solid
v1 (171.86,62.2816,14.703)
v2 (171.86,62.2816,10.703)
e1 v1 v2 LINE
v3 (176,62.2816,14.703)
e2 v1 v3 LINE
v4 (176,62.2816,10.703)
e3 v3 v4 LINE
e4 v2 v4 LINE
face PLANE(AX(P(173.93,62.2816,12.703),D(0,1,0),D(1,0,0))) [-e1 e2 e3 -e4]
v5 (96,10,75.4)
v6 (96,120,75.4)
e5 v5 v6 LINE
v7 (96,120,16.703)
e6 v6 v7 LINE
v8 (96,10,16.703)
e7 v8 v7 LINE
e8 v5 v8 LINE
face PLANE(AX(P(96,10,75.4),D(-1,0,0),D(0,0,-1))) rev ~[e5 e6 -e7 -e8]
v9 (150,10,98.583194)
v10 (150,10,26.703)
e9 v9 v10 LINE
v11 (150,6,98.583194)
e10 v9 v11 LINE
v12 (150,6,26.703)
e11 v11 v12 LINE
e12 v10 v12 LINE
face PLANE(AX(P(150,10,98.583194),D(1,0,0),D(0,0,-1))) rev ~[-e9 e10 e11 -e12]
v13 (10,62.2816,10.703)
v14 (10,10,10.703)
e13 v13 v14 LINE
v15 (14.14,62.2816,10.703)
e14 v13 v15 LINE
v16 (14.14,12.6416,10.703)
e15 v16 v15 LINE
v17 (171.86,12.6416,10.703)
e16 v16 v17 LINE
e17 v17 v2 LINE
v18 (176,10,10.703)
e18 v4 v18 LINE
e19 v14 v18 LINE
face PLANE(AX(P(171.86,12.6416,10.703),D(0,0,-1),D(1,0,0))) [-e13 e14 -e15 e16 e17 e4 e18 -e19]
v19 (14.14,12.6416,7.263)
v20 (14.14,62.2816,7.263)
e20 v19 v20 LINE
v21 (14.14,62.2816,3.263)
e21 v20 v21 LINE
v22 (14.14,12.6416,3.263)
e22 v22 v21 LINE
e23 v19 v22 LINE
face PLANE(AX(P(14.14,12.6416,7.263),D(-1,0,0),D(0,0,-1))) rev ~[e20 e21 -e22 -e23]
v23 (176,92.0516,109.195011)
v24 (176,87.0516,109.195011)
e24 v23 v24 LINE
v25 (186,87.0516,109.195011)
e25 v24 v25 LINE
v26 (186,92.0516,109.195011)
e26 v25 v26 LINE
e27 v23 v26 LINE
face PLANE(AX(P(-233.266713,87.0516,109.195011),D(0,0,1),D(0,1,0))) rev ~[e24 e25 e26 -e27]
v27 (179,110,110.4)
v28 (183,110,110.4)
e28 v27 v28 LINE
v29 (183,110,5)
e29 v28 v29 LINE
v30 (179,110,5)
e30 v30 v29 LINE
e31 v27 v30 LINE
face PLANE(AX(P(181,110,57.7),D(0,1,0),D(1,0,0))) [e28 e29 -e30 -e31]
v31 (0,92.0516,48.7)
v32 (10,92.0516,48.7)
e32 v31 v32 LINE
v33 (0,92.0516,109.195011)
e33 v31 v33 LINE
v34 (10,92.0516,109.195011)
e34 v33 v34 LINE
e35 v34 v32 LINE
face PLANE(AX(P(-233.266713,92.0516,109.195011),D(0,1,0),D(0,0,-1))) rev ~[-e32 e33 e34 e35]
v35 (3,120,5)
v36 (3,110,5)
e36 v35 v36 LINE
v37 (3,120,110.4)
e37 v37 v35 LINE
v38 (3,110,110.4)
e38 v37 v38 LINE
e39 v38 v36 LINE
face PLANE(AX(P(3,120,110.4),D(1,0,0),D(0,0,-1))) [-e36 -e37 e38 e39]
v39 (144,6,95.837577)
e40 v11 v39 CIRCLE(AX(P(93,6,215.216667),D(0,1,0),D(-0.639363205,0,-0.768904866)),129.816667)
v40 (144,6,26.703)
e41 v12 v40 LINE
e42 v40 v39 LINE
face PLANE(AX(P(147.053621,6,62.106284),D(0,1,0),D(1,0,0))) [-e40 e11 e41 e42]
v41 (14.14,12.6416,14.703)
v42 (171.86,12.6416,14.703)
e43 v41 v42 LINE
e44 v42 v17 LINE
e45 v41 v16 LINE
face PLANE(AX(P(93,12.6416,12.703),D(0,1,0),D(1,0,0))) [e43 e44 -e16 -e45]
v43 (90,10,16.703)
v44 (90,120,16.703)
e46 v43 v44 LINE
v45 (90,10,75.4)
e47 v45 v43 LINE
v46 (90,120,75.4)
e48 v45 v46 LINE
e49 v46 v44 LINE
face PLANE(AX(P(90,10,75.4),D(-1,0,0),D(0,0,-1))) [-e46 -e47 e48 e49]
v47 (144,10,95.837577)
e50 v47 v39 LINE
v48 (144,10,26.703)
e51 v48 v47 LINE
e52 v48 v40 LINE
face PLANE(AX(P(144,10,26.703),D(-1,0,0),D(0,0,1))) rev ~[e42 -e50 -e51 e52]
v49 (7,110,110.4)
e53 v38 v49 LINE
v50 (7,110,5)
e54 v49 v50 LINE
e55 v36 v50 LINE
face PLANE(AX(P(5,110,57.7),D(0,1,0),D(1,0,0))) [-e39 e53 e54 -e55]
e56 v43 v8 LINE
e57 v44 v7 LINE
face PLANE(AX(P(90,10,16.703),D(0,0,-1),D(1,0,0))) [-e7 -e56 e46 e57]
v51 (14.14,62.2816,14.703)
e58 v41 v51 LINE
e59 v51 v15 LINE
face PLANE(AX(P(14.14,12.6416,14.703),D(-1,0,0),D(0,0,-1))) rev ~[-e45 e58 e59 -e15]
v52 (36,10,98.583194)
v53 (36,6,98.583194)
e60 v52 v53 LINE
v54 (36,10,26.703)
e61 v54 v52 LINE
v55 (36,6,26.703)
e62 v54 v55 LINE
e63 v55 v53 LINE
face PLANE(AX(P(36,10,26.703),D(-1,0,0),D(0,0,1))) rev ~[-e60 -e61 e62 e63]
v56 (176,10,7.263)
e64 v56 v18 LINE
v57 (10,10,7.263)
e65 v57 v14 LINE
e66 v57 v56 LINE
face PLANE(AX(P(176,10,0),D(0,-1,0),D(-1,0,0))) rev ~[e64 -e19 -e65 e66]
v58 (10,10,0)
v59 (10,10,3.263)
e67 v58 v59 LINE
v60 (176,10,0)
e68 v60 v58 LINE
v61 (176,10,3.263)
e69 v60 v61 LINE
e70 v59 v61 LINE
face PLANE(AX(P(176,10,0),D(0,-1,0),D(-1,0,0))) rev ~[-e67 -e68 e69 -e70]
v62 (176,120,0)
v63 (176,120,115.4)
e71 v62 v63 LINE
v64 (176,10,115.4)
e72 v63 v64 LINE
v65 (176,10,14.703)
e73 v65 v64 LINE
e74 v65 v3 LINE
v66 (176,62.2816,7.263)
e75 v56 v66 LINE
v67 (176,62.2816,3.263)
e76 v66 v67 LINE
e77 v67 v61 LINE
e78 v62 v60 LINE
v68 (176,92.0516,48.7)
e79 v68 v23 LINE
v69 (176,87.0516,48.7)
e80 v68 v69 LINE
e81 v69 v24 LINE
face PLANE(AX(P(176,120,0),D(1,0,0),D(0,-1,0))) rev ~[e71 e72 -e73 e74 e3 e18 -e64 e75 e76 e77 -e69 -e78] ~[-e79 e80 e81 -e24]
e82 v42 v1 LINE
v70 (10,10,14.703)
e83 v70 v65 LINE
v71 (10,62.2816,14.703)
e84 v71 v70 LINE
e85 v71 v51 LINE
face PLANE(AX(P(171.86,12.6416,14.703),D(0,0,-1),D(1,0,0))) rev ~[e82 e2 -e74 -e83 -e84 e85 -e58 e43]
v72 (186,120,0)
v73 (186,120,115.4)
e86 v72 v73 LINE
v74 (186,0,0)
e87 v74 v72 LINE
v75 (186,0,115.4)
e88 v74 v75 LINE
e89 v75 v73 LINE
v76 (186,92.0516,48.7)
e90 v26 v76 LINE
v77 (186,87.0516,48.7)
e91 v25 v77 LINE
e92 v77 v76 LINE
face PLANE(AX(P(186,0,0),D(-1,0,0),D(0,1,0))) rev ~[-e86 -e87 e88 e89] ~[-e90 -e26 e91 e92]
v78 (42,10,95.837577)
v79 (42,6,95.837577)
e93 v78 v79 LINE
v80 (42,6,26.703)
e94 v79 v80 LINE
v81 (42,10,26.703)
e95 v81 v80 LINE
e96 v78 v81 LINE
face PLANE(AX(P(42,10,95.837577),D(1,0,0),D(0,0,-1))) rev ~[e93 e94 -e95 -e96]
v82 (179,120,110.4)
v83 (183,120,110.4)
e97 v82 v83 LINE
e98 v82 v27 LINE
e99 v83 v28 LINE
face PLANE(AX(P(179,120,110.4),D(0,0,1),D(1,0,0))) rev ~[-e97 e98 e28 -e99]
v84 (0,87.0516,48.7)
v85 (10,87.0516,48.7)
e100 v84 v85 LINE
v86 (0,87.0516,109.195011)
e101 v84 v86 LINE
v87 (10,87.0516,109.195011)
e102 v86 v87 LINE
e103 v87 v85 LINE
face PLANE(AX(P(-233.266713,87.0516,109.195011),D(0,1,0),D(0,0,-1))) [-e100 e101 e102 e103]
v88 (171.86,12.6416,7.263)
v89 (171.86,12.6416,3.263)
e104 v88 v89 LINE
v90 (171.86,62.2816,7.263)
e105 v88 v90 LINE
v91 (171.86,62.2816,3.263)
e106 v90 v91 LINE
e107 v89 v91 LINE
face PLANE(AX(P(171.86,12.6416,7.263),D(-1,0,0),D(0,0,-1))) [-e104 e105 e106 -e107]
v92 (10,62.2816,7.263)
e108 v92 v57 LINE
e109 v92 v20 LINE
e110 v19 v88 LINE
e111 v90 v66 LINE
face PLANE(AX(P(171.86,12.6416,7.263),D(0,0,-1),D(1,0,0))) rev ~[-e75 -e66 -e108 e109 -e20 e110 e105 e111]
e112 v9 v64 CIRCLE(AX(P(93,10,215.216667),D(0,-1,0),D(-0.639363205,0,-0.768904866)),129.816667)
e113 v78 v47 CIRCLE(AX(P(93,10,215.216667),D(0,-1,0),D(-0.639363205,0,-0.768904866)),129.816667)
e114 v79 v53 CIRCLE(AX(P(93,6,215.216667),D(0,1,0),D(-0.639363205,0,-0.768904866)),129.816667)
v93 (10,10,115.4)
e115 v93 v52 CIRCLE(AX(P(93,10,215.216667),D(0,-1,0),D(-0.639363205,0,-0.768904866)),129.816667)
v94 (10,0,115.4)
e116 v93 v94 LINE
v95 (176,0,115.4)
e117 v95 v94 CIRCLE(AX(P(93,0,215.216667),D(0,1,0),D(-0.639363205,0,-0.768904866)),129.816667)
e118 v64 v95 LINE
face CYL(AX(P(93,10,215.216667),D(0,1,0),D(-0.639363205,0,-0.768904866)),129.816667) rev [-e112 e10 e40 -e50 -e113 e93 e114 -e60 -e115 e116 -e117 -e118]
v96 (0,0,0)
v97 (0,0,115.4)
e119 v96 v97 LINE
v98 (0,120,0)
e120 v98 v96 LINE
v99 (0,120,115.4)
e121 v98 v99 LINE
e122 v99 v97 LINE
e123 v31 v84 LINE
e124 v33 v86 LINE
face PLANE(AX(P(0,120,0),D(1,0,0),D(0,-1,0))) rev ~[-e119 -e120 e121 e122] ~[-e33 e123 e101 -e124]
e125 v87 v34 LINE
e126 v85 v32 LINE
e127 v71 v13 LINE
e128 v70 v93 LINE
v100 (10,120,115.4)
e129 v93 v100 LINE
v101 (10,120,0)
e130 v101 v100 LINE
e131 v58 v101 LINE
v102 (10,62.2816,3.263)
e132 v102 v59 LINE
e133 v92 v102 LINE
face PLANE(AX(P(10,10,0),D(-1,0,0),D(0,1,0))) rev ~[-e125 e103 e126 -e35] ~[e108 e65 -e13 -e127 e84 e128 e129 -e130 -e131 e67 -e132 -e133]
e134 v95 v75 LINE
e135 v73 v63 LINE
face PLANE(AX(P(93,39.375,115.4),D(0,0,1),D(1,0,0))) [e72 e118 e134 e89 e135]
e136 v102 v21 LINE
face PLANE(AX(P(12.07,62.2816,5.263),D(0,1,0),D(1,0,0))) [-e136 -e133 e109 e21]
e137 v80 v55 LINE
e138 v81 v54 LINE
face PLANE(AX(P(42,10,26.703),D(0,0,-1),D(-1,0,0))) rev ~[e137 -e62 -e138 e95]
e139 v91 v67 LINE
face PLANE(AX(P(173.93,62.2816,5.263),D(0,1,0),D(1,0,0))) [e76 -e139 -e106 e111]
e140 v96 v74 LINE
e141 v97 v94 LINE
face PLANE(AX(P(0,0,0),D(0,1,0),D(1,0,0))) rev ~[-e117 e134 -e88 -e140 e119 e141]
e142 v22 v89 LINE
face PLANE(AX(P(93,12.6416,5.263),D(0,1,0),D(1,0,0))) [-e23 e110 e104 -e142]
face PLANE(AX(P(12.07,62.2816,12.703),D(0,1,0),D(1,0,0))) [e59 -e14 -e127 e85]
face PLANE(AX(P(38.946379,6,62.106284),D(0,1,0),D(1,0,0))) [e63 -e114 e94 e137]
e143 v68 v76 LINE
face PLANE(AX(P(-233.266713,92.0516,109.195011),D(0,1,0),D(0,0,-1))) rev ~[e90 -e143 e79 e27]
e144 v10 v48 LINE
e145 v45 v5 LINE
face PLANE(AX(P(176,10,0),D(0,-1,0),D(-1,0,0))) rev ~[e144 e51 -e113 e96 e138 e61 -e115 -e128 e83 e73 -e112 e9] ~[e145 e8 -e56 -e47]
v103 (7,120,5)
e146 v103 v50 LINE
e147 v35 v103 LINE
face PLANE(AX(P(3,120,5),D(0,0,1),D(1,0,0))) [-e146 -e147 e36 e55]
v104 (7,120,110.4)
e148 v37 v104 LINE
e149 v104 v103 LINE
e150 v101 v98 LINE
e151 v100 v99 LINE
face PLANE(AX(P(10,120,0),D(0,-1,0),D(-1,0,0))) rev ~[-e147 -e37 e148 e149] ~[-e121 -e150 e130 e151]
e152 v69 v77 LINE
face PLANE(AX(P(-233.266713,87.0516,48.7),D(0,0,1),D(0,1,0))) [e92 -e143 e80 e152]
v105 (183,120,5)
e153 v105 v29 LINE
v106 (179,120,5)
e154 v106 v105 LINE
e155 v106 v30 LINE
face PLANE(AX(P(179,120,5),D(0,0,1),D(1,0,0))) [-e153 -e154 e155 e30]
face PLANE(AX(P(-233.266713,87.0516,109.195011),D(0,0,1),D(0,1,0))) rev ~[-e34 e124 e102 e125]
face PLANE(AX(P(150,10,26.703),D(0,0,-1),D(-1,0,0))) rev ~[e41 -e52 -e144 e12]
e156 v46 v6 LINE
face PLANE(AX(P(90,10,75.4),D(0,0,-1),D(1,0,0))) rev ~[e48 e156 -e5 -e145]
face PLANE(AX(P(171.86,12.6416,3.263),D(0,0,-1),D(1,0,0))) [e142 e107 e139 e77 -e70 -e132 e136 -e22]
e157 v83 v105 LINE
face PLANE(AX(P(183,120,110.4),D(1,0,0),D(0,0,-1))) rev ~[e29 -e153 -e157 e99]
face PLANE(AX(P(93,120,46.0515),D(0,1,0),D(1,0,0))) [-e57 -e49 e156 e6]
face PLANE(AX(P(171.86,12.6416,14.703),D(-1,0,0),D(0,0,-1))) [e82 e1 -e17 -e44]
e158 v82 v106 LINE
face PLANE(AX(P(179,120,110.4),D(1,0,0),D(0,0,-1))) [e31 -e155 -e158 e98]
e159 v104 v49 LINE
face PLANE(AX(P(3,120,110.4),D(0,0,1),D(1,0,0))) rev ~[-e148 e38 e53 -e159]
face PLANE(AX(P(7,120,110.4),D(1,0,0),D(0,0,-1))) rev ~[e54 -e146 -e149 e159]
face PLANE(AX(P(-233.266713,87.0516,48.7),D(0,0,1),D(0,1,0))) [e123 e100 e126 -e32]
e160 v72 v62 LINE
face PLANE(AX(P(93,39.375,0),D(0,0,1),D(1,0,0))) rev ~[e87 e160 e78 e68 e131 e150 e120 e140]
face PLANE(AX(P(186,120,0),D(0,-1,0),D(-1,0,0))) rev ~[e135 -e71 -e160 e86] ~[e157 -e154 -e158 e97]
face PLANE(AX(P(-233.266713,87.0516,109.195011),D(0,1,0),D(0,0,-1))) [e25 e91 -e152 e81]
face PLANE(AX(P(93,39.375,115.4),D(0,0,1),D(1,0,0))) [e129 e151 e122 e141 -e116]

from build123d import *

# Parameters (mm, degrees)
EXTRUDE_THIN2_DEPTH     = 115.4
SKETCH11_W              = 166
SKETCH11_H              = 4
BOSS_EXTRUDE3_DEPTH     = 2.6416
CUT_EXTRUDE6_DEPTH      = 243.26671253
CUT_EXTRUDE6_DEPTH_BACK = 243.26671253
SKETCH13_W              = 60.495011338
SKETCH13_H              = 5
CUT_EXTRUDE7_DEPTH      = 245.975835543
SKETCH19_W              = 4
SKETCH19_H              = 105.4
CUT_EXTRUDE9_DEPTH      = 10
SKETCH20_W              = 4
SKETCH20_H              = 105.4
CUT_EXTRUDE10_DEPTH     = 10
SKETCH21_W              = 6
SKETCH21_H              = 58.697
BOSS_EXTRUDE4_DEPTH     = 110
CUT_EXTRUDE11_DEPTH     = 4
SKETCH23_W              = 166
SKETCH23_H              = 4
BOSS_EXTRUDE5_DEPTH     = 2.6416
SKETCH24_W              = 4.14
SKETCH24_H              = 4
BOSS_EXTRUDE6_DEPTH     = 49.64
SKETCH25_W              = 4.14
SKETCH25_H              = 4
BOSS_EXTRUDE7_DEPTH     = 49.64
SKETCH26_W              = 4.14
SKETCH26_H              = 4
BOSS_EXTRUDE8_DEPTH     = 49.64
SKETCH27_W              = 4.14
SKETCH27_H              = 4
BOSS_EXTRUDE9_DEPTH     = 49.64


with BuildPart() as part:
    # Sketch2 → Extrude-Thin2 (new body)
    with BuildSketch(Plane.XY):
        Polygon((0, 120), (0, 0), (186, 0), (186, 120), (176, 120), (176, 10), (10, 10), (10, 120), align=None)
    extrude(amount=EXTRUDE_THIN2_DEPTH)

    # Sketch11 → Boss-Extrude3 (add)
    with BuildSketch(Plane(origin=(0, 10, 0), x_dir=(1, 0, 0), z_dir=(0, 1, 0))):
        with Locations((93, -12.703)):
            Rectangle(SKETCH11_W, SKETCH11_H)
    extrude(amount=BOSS_EXTRUDE3_DEPTH)

    # Sketch13 → Cut-Extrude6 (cut, two sides: drawn at the far end of the back side and taken through both)
    with BuildSketch(Plane(origin=(10, 0, 0), x_dir=(0, 0, -1), z_dir=(1, 0, 0)).offset(-CUT_EXTRUDE6_DEPTH_BACK)):
        with Locations((-78.947505669, 89.551599899)):
            Rectangle(SKETCH13_W, SKETCH13_H)
    extrude(amount=CUT_EXTRUDE6_DEPTH + CUT_EXTRUDE6_DEPTH_BACK, mode=Mode.SUBTRACT)

    # Sketch14 → Cut-Extrude7 (cut, through all)
    with BuildSketch(Plane(origin=(0, 10, 0), x_dir=(1, 0, 0), z_dir=(0, 1, 0))):
        with BuildLine():
            Line((176, -115.4), (10, -115.4))
            ThreePointArc((10, -115.4), (93, -85.4), (176, -115.4))
        make_face()
    extrude(amount=-CUT_EXTRUDE7_DEPTH, mode=Mode.SUBTRACT)

    # Sketch19 → Cut-Extrude9 (cut)
    with BuildSketch(Plane(origin=(0, 120, 0), x_dir=(1, 0, 0), z_dir=(0, 1, 0))):
        with Locations((5, -57.7)):
            Rectangle(SKETCH19_W, SKETCH19_H)
    extrude(amount=-CUT_EXTRUDE9_DEPTH, mode=Mode.SUBTRACT)

    # Sketch20 → Cut-Extrude10 (cut)
    with BuildSketch(Plane(origin=(0, 120, 0), x_dir=(1, 0, 0), z_dir=(0, 1, 0))):
        with Locations((181, -57.7)):
            Rectangle(SKETCH20_W, SKETCH20_H)
    extrude(amount=-CUT_EXTRUDE10_DEPTH, mode=Mode.SUBTRACT)

    # Sketch21 → Boss-Extrude4 (add, through all)
    with BuildSketch(Plane(origin=(0, 10, 0), x_dir=(1, 0, 0), z_dir=(0, 1, 0))):
        with Locations((93, -46.0515)):
            Rectangle(SKETCH21_W, SKETCH21_H)
    extrude(amount=BOSS_EXTRUDE4_DEPTH)

    # Sketch22 → Cut-Extrude11 (cut)
    with BuildSketch(Plane(origin=(0, 10, 0), x_dir=(1, 0, 0), z_dir=(0, 1, 0))):
        Polygon((36, -26.703), (36, -98.583194008), (42, -95.837577441), (42, -26.703), align=None)
        Polygon((144, -95.837577441), (150, -98.583194008), (150, -26.703), (144, -26.703), align=None)
    extrude(amount=-CUT_EXTRUDE11_DEPTH, mode=Mode.SUBTRACT)

    # Sketch23 → Boss-Extrude5 (add)
    with BuildSketch(Plane(origin=(0, 10, 0), x_dir=(1, 0, 0), z_dir=(0, 1, 0))):
        with Locations((93, -5.263)):
            Rectangle(SKETCH23_W, SKETCH23_H)
    extrude(amount=BOSS_EXTRUDE5_DEPTH)

    # Sketch24 → Boss-Extrude6 (add)
    with BuildSketch(Plane(origin=(0, 12.6416, 0), x_dir=(1, 0, 0), z_dir=(0, 1, 0))):
        with Locations((12.07, -5.263)):
            Rectangle(SKETCH24_W, SKETCH24_H)
    extrude(amount=BOSS_EXTRUDE6_DEPTH)

    # Sketch25 → Boss-Extrude7 (add)
    with BuildSketch(Plane(origin=(0, 12.6416, 0), x_dir=(1, 0, 0), z_dir=(0, 1, 0))):
        with Locations((173.93, -5.263)):
            Rectangle(SKETCH25_W, SKETCH25_H)
    extrude(amount=BOSS_EXTRUDE7_DEPTH)

    # Sketch26 → Boss-Extrude8 (add)
    with BuildSketch(Plane(origin=(0, 12.6416, 0), x_dir=(1, 0, 0), z_dir=(0, 1, 0))):
        with Locations((12.07, -12.703)):
            Rectangle(SKETCH26_W, SKETCH26_H)
    extrude(amount=BOSS_EXTRUDE8_DEPTH)

    # Sketch27 → Boss-Extrude9 (add)
    with BuildSketch(Plane(origin=(0, 12.6416, 0), x_dir=(1, 0, 0), z_dir=(0, 1, 0))):
        with Locations((173.93, -12.703)):
            Rectangle(SKETCH27_W, SKETCH27_H)
    extrude(amount=BOSS_EXTRUDE9_DEPTH)


solid = part.part
